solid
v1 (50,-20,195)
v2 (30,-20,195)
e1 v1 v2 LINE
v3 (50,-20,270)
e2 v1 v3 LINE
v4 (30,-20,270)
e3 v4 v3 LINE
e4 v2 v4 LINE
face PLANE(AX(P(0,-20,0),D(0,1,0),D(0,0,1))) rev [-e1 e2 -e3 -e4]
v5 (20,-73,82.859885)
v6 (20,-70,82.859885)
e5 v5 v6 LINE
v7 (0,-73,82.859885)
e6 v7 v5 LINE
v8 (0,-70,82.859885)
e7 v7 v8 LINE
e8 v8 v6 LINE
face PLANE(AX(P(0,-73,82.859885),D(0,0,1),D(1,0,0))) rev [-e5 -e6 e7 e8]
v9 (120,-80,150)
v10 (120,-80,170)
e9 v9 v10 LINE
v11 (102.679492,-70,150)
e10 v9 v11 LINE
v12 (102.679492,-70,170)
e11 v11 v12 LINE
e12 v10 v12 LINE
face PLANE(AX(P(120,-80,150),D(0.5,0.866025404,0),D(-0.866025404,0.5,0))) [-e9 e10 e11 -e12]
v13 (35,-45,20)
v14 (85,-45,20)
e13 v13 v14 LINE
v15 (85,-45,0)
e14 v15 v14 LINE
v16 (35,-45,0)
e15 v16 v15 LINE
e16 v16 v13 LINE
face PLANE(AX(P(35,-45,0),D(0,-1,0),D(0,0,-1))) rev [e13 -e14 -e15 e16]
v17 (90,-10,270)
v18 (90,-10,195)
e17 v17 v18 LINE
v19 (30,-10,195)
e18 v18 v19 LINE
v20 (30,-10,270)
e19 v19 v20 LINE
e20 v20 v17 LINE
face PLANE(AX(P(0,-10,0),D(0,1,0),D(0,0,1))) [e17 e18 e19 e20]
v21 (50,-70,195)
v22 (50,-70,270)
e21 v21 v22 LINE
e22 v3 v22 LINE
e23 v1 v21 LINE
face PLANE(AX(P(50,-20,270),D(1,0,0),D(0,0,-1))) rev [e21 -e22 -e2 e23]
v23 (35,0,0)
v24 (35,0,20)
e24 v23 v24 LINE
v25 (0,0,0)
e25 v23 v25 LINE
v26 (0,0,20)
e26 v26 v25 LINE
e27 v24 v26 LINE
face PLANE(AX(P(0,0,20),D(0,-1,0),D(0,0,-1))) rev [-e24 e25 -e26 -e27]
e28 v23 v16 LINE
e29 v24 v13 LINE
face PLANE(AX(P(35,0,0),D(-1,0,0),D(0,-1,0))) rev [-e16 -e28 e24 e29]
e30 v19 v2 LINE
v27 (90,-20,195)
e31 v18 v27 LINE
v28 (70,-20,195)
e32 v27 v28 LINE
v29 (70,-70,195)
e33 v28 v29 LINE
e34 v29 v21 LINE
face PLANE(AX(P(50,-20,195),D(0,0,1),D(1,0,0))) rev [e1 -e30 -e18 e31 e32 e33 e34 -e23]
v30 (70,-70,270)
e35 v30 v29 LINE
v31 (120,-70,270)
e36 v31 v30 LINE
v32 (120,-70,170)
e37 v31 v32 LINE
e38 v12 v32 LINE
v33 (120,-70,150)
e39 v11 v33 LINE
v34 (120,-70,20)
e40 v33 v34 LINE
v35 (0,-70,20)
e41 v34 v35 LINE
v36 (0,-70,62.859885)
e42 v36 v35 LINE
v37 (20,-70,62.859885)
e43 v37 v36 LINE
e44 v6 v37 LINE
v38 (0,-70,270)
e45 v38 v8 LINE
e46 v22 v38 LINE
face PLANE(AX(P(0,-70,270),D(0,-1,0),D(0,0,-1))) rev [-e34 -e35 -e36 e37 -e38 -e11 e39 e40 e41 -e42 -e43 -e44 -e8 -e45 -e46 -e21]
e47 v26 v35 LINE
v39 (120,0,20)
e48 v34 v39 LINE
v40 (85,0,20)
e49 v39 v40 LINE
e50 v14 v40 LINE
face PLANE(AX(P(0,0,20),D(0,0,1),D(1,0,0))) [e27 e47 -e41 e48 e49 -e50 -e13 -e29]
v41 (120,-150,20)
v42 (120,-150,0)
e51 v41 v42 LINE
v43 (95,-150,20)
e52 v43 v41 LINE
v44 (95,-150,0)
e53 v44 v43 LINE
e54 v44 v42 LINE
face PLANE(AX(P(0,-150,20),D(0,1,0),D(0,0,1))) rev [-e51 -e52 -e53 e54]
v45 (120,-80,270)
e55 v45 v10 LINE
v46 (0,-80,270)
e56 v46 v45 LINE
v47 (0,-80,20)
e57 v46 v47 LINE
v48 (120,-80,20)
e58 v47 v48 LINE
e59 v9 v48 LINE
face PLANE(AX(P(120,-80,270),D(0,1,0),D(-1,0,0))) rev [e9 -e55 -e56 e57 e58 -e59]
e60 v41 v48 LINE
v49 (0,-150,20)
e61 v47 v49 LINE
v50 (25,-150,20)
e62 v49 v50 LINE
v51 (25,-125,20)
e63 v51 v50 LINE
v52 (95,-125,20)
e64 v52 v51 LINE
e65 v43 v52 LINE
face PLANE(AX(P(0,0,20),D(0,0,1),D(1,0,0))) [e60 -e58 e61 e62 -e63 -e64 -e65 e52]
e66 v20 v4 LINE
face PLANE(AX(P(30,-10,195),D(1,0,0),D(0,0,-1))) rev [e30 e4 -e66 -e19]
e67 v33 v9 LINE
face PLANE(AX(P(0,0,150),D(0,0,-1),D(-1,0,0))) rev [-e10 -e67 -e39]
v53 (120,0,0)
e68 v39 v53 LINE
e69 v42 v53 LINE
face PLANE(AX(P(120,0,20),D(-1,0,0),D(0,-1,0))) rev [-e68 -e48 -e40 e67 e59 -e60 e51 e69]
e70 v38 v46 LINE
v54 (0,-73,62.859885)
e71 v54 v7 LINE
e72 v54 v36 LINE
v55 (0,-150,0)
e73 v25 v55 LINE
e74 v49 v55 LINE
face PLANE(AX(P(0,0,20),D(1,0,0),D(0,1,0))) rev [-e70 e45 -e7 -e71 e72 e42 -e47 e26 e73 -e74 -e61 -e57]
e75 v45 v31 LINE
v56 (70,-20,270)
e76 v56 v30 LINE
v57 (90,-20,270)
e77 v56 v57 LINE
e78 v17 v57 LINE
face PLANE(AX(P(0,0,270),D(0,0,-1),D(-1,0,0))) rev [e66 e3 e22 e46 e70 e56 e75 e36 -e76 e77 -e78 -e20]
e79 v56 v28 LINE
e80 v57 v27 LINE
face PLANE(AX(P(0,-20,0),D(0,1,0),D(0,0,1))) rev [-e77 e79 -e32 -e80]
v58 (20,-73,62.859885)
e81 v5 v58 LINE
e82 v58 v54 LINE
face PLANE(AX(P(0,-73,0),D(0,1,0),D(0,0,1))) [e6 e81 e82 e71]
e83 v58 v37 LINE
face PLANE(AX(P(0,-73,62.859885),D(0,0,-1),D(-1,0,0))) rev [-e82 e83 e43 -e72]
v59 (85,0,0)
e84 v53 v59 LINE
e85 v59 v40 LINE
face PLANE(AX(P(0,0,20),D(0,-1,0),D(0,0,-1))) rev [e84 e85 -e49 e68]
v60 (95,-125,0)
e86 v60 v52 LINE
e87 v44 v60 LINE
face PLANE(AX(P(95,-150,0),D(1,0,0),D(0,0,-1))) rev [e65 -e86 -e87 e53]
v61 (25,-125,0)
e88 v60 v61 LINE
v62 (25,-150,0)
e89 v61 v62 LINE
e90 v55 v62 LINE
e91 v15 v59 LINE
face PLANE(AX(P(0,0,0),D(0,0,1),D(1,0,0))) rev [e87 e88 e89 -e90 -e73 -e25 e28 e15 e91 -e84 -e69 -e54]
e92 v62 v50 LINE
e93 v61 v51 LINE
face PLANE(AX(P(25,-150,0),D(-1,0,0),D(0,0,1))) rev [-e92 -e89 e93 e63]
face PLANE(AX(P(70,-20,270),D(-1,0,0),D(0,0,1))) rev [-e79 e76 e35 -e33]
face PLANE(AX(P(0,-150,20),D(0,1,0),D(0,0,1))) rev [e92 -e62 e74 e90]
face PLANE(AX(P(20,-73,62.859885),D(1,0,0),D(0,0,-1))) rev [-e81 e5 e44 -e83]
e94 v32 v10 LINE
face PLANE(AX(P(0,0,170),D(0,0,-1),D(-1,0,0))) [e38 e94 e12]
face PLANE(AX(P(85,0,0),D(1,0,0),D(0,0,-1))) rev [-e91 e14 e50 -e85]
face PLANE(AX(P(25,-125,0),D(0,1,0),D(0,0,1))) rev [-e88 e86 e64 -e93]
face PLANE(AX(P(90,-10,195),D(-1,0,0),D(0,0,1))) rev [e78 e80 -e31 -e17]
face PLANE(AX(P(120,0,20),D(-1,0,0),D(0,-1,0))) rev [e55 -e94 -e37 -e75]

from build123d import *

# Parameters (mm, degrees)
SKETCH_1_W          = 120
SKETCH_1_H          = 150
EXTRUDE_1_DEPTH     = 20
SKETCH_2_W          = 120
SKETCH_2_H          = 10
EXTRUDE_3_DEPTH     = 250
SKETCH_3_W          = 50
SKETCH_3_H          = 45
CUT_EXTRUDE_1_DEPTH = 316.277655409
SKETCH_4_W          = 70
SKETCH_4_H          = 25
CUT_EXTRUDE_2_DEPTH = 316.277655409
SKETCH_5_W          = 20
SKETCH_5_H          = 20
CUT_EXTRUDE_3_DEPTH = 3
CUT_EXTRUDE_START   = -100
CUT_EXTRUDE_6_DEPTH = 20
SKETCH_7_W          = 20
SKETCH_7_H          = 75
EXTRUDE_4_DEPTH     = 50
SKETCH_8_W          = 60
SKETCH_8_H          = 75
EXTRUDE_5_DEPTH     = 10


with BuildPart() as part:
    # Эскиз1 → Бобышка-Вытянуть1 (new body)
    with BuildSketch(Plane.XY):
        with Locations((60, -75)):
            Rectangle(SKETCH_1_W, SKETCH_1_H)
    extrude(amount=EXTRUDE_1_DEPTH)

    # Эскиз2 → Бобышка-Вытянуть3 (add)
    with BuildSketch(Plane.XY.offset(20)):
        with Locations((60, -75)):
            Rectangle(SKETCH_2_W, SKETCH_2_H)
    extrude(amount=EXTRUDE_3_DEPTH)

    # Эскиз3 → Вырез-Вытянуть1 (cut, through all)
    with BuildSketch(Plane.XY.offset(20)):
        with Locations((60, -22.5)):
            Rectangle(SKETCH_3_W, SKETCH_3_H)
    extrude(amount=-CUT_EXTRUDE_1_DEPTH, mode=Mode.SUBTRACT)

    # Эскиз4 → Вырез-Вытянуть2 (cut, through all)
    with BuildSketch(Plane.XY.offset(20)):
        with Locations((60, -137.5)):
            Rectangle(SKETCH_4_W, SKETCH_4_H)
    extrude(amount=-CUT_EXTRUDE_2_DEPTH, mode=Mode.SUBTRACT)

    # Эскиз5 → Вырез-Вытянуть3 (cut)
    with BuildSketch(Plane(origin=(0, -70, 0), x_dir=(1, 0, 0), z_dir=(0, 1, 0))):
        with Locations((10, -72.859885292)):
            Rectangle(SKETCH_5_W, SKETCH_5_H)
    extrude(amount=-CUT_EXTRUDE_3_DEPTH, mode=Mode.SUBTRACT)

    # Эскиз6 → Вырез-Вытянуть6 (cut)
    with BuildSketch(Plane.XY.offset(270).offset(CUT_EXTRUDE_START)):
        Polygon((120, -80), (102.679491924, -70), (120, -70), align=None)
    extrude(amount=-CUT_EXTRUDE_6_DEPTH, mode=Mode.SUBTRACT)

    # Эскиз7 → Бобышка-Вытянуть4 (add)
    with BuildSketch(Plane(origin=(0, -70, 0), x_dir=(1, 0, 0), z_dir=(0, 1, 0))):
        with Locations((60, -232.5)):
            Rectangle(SKETCH_7_W, SKETCH_7_H)
    extrude(amount=EXTRUDE_4_DEPTH)

    # Эскиз8 → Бобышка-Вытянуть5 (add)
    with BuildSketch(Plane(origin=(0, -20, 0), x_dir=(1, 0, 0), z_dir=(0, 1, 0))):
        with Locations((60, -232.5)):
            Rectangle(SKETCH_8_W, SKETCH_8_H)
    extrude(amount=EXTRUDE_5_DEPTH)


solid = part.part
